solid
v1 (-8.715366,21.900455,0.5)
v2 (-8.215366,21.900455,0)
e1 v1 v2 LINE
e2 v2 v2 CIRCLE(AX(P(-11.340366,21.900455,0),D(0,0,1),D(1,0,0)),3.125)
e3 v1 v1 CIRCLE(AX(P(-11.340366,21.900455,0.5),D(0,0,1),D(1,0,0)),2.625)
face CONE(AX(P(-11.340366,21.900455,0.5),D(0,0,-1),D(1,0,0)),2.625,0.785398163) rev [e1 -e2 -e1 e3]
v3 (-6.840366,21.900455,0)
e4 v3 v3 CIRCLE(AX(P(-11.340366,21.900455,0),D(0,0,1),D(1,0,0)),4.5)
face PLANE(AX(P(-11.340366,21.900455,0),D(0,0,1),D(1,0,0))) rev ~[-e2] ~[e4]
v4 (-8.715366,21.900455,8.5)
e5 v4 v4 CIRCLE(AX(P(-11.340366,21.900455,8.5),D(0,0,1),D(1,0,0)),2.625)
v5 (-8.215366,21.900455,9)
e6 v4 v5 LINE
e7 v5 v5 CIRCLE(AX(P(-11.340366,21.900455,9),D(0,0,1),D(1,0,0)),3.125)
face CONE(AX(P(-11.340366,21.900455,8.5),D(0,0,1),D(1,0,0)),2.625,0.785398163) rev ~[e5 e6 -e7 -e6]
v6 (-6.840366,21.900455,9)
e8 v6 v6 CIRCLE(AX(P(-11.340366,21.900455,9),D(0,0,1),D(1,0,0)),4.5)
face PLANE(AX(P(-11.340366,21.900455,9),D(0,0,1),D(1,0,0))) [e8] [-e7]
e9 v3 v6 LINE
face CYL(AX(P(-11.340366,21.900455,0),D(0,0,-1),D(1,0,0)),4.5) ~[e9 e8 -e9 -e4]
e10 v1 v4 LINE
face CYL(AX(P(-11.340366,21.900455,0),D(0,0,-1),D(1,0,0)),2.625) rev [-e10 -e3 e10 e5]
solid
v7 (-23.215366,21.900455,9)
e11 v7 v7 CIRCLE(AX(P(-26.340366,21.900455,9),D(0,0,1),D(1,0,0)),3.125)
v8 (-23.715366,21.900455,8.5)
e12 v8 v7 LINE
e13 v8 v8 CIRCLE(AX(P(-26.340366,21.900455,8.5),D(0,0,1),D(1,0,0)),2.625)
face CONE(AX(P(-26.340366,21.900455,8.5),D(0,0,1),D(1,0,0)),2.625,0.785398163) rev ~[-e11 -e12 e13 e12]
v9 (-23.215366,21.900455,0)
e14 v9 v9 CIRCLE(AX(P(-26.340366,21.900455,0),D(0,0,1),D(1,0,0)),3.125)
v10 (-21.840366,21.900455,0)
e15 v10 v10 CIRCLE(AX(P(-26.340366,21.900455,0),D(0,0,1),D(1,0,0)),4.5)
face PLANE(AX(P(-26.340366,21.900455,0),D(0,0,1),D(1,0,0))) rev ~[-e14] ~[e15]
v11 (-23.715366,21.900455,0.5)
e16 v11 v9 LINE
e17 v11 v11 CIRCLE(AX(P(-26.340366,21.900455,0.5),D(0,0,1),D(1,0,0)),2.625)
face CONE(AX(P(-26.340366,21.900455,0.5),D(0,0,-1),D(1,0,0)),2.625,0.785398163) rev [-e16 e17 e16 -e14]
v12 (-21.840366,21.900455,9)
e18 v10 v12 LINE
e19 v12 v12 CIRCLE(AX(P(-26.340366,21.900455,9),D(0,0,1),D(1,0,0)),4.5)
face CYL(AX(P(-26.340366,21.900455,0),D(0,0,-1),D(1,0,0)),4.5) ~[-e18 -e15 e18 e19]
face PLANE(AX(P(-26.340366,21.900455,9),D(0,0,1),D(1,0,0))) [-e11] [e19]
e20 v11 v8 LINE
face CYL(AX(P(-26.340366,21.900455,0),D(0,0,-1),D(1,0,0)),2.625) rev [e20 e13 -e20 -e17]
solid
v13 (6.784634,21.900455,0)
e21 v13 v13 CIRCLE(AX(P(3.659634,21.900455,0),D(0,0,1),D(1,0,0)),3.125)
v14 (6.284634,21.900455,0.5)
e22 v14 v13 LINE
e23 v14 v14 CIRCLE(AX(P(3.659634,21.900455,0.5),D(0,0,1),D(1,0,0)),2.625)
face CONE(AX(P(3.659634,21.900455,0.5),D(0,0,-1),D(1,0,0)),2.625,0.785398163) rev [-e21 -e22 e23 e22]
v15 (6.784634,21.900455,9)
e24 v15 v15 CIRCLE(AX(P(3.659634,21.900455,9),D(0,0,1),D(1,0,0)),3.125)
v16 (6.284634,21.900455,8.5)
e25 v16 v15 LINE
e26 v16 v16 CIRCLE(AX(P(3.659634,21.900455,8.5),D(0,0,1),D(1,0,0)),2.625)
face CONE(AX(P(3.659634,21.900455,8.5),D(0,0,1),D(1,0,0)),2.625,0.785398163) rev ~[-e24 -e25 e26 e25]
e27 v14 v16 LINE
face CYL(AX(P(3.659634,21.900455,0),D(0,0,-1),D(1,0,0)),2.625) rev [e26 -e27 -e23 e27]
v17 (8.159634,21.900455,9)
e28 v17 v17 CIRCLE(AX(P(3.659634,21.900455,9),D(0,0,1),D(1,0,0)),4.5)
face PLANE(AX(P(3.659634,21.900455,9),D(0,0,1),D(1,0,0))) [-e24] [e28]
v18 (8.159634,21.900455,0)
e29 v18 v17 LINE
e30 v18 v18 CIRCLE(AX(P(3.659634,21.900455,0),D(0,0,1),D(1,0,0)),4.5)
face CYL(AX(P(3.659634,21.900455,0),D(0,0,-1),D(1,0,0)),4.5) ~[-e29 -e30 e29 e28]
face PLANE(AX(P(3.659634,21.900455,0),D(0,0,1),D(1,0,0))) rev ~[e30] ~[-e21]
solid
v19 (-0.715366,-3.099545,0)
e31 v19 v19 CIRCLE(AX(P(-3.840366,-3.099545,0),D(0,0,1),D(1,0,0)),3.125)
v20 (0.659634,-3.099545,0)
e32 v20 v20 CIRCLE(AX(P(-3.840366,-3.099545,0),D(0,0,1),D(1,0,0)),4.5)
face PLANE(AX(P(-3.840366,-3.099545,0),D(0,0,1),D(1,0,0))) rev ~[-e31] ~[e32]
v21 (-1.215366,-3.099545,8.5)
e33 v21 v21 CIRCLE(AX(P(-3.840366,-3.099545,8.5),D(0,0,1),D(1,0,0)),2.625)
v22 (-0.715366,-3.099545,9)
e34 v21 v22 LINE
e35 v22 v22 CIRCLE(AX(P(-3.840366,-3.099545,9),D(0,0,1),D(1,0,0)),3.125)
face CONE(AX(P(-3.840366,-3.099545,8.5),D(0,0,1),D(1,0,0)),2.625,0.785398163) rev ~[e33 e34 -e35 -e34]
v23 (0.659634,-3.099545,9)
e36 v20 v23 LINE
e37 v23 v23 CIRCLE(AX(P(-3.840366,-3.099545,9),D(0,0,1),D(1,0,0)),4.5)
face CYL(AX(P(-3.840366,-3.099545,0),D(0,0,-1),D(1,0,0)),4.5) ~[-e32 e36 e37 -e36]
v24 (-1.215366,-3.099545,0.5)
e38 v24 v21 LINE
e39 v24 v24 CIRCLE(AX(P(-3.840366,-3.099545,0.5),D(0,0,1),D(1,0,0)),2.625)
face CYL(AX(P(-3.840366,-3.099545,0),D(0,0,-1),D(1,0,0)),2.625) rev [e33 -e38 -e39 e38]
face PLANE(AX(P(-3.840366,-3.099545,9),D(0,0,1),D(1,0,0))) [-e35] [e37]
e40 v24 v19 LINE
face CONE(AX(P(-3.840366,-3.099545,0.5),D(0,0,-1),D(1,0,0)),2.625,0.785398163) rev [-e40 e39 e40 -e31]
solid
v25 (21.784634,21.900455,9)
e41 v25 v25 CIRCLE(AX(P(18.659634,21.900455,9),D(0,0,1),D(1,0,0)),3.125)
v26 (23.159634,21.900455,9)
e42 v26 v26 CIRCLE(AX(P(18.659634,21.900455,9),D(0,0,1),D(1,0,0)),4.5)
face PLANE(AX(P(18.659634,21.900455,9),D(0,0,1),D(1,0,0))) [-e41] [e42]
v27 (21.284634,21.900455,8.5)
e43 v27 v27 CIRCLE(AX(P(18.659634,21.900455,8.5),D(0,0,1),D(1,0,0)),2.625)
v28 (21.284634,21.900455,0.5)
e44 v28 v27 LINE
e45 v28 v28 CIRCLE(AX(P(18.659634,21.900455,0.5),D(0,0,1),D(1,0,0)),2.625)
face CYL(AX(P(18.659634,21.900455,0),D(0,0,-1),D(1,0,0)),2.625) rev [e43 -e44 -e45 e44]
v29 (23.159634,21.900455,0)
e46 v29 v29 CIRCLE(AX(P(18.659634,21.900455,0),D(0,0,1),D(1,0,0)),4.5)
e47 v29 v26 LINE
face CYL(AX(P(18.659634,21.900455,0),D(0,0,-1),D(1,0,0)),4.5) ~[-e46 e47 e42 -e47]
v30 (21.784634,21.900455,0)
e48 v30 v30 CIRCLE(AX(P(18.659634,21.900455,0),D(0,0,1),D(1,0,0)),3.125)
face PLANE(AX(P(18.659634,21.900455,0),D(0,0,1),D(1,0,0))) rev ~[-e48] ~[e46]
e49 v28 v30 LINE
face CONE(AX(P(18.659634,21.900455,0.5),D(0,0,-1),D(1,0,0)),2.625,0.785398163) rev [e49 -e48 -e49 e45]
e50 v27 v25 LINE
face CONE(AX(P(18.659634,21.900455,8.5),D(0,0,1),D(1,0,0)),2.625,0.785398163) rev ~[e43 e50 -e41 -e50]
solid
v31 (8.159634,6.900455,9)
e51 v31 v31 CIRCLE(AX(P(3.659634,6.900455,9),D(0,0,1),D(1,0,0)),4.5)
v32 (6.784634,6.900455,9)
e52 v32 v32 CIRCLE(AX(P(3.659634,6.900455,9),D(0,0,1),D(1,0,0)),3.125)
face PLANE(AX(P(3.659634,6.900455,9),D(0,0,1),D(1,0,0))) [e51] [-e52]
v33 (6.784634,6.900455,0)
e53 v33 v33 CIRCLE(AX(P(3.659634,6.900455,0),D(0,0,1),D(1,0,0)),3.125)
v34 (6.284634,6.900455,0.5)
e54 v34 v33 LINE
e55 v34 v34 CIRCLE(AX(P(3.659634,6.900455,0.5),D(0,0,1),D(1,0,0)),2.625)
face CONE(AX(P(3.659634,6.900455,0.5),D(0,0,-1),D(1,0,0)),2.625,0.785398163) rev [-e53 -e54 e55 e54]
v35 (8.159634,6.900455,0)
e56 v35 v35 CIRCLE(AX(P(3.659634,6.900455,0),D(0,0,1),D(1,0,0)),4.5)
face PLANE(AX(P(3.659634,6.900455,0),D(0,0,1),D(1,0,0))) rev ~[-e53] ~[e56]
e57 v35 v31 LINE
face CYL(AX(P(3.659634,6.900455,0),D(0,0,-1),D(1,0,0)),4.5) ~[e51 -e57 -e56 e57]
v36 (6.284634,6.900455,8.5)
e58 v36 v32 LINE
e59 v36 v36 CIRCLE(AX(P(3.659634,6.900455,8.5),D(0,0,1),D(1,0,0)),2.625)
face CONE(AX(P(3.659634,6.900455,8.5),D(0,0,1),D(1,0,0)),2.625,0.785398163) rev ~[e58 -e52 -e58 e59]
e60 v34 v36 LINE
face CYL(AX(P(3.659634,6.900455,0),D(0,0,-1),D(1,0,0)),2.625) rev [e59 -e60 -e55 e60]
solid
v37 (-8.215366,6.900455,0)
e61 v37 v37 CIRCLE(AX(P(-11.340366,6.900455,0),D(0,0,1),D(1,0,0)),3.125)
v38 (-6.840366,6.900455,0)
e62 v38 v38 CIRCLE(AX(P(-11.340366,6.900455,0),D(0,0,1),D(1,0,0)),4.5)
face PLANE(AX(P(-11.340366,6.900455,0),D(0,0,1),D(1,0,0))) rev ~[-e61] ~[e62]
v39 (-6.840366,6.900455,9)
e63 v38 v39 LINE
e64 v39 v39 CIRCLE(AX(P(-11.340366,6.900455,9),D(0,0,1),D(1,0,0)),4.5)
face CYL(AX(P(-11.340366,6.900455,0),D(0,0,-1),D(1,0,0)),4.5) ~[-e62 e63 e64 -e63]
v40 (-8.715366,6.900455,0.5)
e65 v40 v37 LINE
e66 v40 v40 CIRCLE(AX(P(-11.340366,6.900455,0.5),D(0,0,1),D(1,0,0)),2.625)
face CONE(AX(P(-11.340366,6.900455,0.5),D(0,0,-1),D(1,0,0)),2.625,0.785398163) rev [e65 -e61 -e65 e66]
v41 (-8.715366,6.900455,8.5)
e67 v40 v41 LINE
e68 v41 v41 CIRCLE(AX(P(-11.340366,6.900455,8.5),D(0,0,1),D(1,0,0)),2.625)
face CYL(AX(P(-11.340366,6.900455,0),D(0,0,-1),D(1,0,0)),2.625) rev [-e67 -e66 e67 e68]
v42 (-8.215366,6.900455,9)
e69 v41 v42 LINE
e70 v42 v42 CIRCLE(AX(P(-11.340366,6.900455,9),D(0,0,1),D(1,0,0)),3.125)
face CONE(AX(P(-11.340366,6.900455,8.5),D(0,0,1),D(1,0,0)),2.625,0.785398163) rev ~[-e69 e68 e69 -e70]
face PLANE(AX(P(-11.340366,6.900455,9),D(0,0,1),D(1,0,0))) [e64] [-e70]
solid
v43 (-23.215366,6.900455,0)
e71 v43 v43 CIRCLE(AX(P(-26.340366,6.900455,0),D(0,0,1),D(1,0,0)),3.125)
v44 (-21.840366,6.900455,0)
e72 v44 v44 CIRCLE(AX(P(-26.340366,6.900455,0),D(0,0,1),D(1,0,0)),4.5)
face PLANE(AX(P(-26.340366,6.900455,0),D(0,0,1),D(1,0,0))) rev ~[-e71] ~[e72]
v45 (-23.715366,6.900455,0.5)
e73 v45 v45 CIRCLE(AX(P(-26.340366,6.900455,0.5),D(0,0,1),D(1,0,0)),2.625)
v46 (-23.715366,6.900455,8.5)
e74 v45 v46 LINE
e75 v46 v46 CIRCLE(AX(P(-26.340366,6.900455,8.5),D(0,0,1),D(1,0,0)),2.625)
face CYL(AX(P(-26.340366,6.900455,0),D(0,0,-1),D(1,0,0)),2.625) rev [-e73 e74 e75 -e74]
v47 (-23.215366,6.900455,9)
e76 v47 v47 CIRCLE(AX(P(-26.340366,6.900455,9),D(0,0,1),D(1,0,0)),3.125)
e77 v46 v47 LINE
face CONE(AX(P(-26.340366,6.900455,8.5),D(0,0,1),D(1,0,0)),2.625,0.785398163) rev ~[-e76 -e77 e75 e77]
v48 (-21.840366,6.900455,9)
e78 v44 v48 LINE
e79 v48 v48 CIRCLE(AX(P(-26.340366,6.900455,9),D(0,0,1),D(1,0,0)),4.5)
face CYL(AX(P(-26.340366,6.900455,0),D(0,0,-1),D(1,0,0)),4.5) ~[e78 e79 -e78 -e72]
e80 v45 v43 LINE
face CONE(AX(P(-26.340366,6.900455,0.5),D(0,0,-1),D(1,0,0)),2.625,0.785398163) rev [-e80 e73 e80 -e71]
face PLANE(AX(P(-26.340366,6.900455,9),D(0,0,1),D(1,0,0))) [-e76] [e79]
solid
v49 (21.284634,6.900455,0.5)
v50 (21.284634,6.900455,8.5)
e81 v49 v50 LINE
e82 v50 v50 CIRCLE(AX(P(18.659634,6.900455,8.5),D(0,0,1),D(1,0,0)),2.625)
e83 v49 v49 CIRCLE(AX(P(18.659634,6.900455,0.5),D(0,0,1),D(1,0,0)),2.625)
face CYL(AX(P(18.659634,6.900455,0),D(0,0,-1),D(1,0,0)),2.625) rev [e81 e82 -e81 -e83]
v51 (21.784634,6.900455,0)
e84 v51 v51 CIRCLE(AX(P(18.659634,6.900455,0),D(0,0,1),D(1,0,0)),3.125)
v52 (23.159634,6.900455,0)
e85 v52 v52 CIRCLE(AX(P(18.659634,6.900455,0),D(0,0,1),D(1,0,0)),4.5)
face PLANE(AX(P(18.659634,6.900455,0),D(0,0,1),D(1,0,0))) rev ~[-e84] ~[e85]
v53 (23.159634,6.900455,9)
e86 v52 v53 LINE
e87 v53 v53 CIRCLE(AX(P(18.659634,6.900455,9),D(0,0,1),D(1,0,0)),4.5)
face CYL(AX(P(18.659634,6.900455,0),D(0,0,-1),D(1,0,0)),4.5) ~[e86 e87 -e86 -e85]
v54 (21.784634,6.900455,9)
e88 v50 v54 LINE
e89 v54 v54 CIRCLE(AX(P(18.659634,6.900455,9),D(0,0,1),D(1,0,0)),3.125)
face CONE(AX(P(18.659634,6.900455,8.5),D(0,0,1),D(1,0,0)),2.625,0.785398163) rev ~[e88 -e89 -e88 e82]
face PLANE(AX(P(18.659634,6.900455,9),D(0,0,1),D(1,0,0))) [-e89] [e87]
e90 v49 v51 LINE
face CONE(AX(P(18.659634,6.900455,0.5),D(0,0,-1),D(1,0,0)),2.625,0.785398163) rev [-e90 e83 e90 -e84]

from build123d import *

# Parameters (mm, degrees)
F0_R      = 4.5
F0_R_2    = 2.625
F1_DEPTH  = 9
F8_SIZE   = 0.5
F8_2_SIZE = 0.5
F8_3_SIZE = 0.5
F8_4_SIZE = 0.5
F8_5_SIZE = 0.5
F8_6_SIZE = 0.5
F8_7_SIZE = 0.5
F8_8_SIZE = 0.5
F8_9_SIZE = 0.5


with BuildPart() as f1:
    # F0 (on Top) → F1 (new body)
    with BuildSketch(Plane.XY):
        with Locations((-11.3403657451, 6.900455337)):
            Circle(F0_R)
        with Locations((-11.3403657451, 6.900455337)):
            Circle(F0_R_2, mode=Mode.SUBTRACT)
    extrude(amount=F1_DEPTH)


with BuildPart() as f2_1:
    # F2: copy of F1
    add(f1.part.moved(Location((15, 0, 0))))


with BuildPart() as f3_1:
    # F3: copy of F1
    add(f1.part.moved(Location((0, 15, 0))))


with BuildPart() as f4_1:
    # F4: copy of F1
    add(f1.part.moved(Location((15, 15, 0))))


with BuildPart() as f5_1:
    # F5: copy of F1
    add(f1.part.moved(Location((30, 0, 0))))


with BuildPart() as f5_2:
    # F5: copy of F2_1
    add(f2_1.part.moved(Location((30, 0, 0))))


with BuildPart() as f5_3:
    # F5: copy of F3_1
    add(f3_1.part.moved(Location((30, 0, 0))))


with BuildPart() as f5_4:
    # F5: copy of F4_1
    add(f4_1.part.moved(Location((30, 0, 0))))


with BuildPart() as f1_1:
    # F6: moved
    add(f1.part.moved(Location((-15, 0, 0))))


with BuildPart() as f2_1_1:
    # F6: moved
    add(f2_1.part.moved(Location((-15, 0, 0))))

    # F8#8
    f8_8_edges = [f2_1_1.edges().sort_by_distance(p)[0] for p in [
        (-13.965366, 6.900455, 9),
        (-13.965366, 6.900455, 0),
    ]]
    chamfer(f8_8_edges, length=F8_8_SIZE)


with BuildPart() as f5_3_1:
    # F6: moved
    add(f5_3.part.moved(Location((-15, 0, 0))))

    # F8#3
    f8_3_edges = [f5_3_1.edges().sort_by_distance(p)[0] for p in [
        (1.034634, 21.900455, 9),
        (1.034634, 21.900455, 0),
    ]]
    chamfer(f8_3_edges, length=F8_3_SIZE)


with BuildPart() as f5_4_1:
    # F6: moved
    add(f5_4.part.moved(Location((-15, 0, 0))))

    # F8#6
    f8_6_edges = [f5_4_1.edges().sort_by_distance(p)[0] for p in [
        (16.034634, 21.900455, 9),
        (16.034634, 21.900455, 0),
    ]]
    chamfer(f8_6_edges, length=F8_6_SIZE)


with BuildPart() as f3_1_1:
    # F6: moved
    add(f3_1.part.moved(Location((-15, 0, 0))))

    # F8
    f8_edges = [f3_1_1.edges().sort_by_distance(p)[0] for p in [
        (-28.965366, 21.900455, 9),
        (-28.965366, 21.900455, 0),
    ]]
    chamfer(f8_edges, length=F8_SIZE)


with BuildPart() as f5_2_1:
    # F6: moved
    add(f5_2.part.moved(Location((-15, 0, 0))))

    # F8#5
    f8_5_edges = [f5_2_1.edges().sort_by_distance(p)[0] for p in [
        (16.034634, 6.900455, 9),
        (16.034634, 6.900455, 0),
    ]]
    chamfer(f8_5_edges, length=F8_5_SIZE)


with BuildPart() as f4_1_1:
    # F6: moved
    add(f4_1.part.moved(Location((-15, 0, 0))))

    # F8#2
    f8_2_edges = [f4_1_1.edges().sort_by_distance(p)[0] for p in [
        (-13.965366, 21.900455, 9),
        (-13.965366, 21.900455, 0),
    ]]
    chamfer(f8_2_edges, length=F8_2_SIZE)


with BuildPart() as f5_1_1:
    # F6: moved
    add(f5_1.part.moved(Location((-15, 0, 0))))

    # F8#4
    f8_4_edges = [f5_1_1.edges().sort_by_distance(p)[0] for p in [
        (1.034634, 6.900455, 9),
        (1.034634, 6.900455, 0),
    ]]
    chamfer(f8_4_edges, length=F8_4_SIZE)


with BuildPart() as f7_1:
    # F7: copy of F1
    add(f1_1.part.moved(Location((22.5, -10, 0))))

    # F8#7
    f8_7_edges = [f7_1.edges().sort_by_distance(p)[0] for p in [
        (-6.465366, -3.099545, 9),
        (-6.465366, -3.099545, 0),
    ]]
    chamfer(f8_7_edges, length=F8_7_SIZE)


with BuildPart() as f1_2:
    add(f1_1.part)

    # F8#9
    f8_9_edges = [f1_2.edges().sort_by_distance(p)[0] for p in [
        (-28.965366, 6.900455, 9),
        (-28.965366, 6.900455, 0),
    ]]
    chamfer(f8_9_edges, length=F8_9_SIZE)


solid = Compound([f2_1_1.part, f5_3_1.part, f5_4_1.part, f3_1_1.part, f5_2_1.part, f4_1_1.part, f5_1_1.part, f7_1.part, f1_2.part])
